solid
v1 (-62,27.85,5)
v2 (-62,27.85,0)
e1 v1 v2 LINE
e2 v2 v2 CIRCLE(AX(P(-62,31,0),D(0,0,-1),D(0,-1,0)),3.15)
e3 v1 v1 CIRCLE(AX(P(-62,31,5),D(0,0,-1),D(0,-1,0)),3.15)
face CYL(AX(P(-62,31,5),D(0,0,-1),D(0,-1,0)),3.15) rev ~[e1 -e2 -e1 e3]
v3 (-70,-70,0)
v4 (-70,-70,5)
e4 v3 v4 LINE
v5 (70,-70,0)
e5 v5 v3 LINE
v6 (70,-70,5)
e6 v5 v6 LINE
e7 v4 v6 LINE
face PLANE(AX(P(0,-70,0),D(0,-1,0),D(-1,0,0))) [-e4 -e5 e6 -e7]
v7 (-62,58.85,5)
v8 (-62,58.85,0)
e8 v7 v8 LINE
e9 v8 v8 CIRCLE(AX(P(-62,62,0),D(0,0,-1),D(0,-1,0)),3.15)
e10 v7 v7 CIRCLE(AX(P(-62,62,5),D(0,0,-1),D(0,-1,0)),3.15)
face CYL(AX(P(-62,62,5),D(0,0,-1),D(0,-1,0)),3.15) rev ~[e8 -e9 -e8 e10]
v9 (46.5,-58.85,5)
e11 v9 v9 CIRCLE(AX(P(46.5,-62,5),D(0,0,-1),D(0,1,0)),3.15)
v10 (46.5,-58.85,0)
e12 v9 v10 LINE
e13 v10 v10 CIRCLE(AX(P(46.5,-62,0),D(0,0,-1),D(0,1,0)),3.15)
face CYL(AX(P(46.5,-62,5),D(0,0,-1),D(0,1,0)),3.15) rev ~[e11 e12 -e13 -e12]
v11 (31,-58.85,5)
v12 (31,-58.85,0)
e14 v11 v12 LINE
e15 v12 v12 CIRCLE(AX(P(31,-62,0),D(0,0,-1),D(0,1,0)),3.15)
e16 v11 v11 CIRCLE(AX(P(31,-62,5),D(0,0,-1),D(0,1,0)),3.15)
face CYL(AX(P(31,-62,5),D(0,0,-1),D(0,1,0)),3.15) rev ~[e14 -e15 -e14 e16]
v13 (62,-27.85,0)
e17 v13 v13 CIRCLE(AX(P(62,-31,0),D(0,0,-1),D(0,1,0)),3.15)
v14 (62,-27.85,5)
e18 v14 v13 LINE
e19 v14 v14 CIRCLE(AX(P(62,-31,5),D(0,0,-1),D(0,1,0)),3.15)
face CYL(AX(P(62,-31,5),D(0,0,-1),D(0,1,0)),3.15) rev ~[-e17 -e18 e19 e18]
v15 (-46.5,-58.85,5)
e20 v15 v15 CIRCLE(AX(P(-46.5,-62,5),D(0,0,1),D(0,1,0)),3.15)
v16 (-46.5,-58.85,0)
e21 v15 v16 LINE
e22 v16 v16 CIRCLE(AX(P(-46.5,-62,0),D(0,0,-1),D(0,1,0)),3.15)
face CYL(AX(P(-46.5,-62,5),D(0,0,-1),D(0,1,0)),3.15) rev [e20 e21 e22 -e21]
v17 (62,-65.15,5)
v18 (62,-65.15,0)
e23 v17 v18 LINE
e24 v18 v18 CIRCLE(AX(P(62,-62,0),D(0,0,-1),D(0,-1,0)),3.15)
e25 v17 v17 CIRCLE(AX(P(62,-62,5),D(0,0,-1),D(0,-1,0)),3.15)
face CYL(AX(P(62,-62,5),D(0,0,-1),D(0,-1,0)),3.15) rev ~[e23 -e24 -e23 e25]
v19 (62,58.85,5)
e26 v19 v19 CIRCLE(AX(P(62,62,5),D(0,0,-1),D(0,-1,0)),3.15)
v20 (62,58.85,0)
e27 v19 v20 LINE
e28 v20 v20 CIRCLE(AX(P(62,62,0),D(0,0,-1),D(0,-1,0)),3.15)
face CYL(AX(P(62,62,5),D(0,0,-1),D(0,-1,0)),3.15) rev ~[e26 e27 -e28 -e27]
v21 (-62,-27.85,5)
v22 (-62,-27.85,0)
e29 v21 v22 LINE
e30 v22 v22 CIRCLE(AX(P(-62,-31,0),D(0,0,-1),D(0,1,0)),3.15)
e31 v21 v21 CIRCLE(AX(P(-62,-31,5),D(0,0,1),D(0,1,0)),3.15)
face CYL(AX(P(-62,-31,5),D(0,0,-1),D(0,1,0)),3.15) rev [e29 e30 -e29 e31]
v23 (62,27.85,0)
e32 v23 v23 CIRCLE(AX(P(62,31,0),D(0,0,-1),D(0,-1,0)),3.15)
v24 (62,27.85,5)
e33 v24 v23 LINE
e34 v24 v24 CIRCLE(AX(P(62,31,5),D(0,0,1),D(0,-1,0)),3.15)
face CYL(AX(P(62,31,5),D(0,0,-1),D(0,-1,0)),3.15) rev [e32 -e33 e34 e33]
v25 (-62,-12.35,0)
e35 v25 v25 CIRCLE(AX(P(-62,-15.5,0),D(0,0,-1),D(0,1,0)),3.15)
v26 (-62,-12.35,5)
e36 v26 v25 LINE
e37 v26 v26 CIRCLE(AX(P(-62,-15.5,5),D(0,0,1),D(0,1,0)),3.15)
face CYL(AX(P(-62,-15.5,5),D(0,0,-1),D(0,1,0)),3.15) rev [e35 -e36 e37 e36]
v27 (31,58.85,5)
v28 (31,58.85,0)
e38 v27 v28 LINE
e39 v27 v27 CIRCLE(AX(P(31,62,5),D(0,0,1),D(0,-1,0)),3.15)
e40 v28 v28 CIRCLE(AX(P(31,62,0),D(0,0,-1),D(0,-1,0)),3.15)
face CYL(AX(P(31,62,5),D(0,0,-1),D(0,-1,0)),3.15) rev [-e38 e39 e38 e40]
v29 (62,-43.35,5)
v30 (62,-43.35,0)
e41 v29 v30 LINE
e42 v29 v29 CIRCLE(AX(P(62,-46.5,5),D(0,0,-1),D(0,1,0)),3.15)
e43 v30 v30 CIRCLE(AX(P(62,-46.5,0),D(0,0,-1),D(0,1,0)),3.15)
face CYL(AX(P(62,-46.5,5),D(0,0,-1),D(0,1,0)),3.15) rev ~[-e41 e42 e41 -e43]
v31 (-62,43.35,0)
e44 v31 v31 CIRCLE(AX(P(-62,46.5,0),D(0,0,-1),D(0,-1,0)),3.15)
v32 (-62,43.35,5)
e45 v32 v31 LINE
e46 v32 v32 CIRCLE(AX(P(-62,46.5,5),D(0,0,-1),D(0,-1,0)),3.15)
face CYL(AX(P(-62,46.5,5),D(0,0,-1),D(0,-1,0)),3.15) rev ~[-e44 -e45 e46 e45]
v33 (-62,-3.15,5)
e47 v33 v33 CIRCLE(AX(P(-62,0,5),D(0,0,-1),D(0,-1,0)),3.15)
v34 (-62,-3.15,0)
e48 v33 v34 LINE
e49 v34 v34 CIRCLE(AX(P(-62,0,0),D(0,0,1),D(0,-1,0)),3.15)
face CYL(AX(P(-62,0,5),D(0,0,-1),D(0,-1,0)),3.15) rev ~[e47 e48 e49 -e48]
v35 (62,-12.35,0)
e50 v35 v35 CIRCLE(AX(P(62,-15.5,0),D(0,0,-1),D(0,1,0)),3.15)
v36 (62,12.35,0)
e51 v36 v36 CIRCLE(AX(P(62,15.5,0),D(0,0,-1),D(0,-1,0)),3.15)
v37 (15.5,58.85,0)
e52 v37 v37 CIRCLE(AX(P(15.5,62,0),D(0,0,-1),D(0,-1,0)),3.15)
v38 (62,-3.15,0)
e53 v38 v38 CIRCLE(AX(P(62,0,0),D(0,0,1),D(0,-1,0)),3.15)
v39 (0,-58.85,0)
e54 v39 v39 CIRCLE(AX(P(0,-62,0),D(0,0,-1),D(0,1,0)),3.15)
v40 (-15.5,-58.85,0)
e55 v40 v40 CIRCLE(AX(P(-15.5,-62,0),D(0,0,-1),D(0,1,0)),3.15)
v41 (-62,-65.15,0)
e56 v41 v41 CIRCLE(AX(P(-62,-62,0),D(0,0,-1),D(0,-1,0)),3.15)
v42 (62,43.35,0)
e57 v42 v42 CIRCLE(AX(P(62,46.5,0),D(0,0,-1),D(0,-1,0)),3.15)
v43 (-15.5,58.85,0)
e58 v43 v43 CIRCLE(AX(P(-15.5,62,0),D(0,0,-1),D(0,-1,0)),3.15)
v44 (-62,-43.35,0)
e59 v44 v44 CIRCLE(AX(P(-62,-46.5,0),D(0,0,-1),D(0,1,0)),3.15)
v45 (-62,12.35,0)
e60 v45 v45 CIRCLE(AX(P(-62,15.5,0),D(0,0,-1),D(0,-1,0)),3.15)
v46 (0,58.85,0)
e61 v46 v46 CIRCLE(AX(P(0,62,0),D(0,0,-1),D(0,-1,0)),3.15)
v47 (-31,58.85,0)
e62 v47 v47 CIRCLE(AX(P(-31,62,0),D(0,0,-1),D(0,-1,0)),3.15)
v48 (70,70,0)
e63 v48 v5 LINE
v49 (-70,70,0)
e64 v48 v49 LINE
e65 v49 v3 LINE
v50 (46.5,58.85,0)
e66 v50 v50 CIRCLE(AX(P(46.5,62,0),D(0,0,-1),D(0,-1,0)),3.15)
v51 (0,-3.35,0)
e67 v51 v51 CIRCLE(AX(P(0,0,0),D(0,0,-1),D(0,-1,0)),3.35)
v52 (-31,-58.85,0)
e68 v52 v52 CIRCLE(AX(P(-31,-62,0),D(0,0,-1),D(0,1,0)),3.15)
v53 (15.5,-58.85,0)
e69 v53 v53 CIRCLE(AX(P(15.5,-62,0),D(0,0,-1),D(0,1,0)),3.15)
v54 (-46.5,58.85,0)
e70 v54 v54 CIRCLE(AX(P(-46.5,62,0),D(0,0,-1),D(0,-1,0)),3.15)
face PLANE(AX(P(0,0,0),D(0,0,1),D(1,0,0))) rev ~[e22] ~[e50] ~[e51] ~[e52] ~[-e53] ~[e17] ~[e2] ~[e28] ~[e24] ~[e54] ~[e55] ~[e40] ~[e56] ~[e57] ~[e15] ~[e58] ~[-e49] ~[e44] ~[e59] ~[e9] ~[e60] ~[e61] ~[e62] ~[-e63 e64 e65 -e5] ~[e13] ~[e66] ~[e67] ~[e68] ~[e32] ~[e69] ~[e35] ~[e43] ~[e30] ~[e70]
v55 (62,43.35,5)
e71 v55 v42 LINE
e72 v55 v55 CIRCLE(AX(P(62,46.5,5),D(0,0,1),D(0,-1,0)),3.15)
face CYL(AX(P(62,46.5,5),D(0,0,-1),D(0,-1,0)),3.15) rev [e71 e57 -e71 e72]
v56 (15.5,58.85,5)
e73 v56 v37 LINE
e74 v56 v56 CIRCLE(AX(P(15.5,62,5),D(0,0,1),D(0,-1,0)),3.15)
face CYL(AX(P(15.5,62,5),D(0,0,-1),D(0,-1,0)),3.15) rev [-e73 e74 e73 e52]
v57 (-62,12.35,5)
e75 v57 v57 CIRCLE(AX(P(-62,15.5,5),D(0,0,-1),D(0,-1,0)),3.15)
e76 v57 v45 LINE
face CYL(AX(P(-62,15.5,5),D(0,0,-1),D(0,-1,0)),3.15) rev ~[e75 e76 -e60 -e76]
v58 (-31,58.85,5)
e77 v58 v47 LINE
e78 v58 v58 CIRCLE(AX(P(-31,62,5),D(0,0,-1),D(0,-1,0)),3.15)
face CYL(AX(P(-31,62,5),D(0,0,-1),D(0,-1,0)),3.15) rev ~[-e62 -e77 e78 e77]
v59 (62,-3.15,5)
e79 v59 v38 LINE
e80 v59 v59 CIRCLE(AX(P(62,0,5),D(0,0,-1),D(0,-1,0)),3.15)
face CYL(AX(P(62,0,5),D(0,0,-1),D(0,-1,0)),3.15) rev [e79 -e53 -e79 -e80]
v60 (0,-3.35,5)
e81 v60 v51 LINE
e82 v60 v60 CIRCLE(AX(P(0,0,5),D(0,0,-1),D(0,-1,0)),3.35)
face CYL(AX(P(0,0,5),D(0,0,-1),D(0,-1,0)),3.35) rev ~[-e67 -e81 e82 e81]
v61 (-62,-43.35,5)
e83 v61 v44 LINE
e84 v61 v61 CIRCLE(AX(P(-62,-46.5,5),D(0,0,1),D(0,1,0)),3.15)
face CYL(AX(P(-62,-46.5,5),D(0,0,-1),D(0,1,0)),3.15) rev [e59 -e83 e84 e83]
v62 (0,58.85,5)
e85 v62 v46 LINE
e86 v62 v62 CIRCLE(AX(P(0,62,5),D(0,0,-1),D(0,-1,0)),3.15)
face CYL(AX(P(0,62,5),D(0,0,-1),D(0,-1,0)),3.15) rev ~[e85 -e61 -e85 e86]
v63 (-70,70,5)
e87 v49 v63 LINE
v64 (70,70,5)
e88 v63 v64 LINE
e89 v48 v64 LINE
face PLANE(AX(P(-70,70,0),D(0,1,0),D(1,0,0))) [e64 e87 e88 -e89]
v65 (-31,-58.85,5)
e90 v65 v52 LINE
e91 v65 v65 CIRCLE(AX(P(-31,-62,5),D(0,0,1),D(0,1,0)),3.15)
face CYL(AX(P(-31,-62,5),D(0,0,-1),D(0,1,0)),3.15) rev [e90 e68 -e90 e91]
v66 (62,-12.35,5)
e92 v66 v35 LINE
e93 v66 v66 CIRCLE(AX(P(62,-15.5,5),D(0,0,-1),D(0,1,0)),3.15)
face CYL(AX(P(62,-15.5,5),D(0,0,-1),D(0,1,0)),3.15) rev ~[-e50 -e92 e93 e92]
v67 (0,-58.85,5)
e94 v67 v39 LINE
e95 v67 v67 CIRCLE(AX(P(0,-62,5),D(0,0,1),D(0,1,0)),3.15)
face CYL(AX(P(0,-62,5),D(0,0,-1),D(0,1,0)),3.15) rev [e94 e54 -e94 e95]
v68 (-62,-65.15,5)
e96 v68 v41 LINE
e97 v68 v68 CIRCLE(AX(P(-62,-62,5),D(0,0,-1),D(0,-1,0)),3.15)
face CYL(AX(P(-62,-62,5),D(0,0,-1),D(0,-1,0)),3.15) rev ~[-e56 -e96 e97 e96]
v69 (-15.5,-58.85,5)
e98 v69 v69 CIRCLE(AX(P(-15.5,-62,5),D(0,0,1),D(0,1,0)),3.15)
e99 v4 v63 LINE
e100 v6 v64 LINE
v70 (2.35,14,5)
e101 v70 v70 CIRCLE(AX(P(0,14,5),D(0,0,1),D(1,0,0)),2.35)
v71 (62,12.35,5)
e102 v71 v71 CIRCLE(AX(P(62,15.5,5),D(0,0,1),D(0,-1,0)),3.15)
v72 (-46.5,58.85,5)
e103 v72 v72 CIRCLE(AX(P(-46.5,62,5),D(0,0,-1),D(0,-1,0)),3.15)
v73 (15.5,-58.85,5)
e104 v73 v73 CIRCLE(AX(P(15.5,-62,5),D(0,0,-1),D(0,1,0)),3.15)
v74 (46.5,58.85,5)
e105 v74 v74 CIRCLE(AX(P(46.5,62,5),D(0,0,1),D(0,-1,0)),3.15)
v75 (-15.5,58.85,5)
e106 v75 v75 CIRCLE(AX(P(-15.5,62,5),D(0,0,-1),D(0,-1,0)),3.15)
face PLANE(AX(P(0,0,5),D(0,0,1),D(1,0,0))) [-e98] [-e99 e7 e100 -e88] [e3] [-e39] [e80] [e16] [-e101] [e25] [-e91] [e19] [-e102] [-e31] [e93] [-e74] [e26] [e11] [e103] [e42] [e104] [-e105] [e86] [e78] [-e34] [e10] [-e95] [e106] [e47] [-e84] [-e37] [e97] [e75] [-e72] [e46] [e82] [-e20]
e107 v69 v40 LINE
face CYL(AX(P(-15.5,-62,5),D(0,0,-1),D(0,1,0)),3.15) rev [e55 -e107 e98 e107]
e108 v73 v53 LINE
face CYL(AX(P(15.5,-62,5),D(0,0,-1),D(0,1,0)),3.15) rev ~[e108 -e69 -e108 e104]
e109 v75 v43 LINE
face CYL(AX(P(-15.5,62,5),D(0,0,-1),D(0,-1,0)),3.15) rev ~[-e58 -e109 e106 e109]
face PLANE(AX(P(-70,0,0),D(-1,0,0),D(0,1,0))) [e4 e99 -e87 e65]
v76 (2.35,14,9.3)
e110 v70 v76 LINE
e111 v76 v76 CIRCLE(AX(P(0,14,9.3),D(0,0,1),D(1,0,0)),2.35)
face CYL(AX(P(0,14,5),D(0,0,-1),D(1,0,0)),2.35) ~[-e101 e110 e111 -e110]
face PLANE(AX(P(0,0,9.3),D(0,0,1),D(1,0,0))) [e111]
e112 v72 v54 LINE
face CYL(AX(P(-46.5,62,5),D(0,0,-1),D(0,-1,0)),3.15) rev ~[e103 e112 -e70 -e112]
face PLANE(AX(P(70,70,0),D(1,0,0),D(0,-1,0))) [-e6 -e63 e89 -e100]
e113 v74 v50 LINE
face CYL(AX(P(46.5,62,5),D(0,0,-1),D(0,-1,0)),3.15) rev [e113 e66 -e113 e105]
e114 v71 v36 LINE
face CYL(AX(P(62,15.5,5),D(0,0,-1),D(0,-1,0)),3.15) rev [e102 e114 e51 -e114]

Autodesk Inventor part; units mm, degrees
sketch "Skizze1" plane through (0, 0, 0) normal (0, 0, 1) x (1, 0, 0)
  line L0 (-70, 70) -> (70, 70)
  line L1 (70, 70) -> (70, -70)
  line L2 (70, -70) -> (-70, -70)
  line L3 (-70, -70) -> (-70, 70)
  line L4 (0, 98) -> (0, -98) projected
  line L5 (-98, 0) -> (98, 0) projected
  point P0 (0, 0)
  dimension "d0" = 70
  dimension "d1" = 140
  dimension "d2" = 140
  dimension "d3" = 70
extrude "Extrusion1" add sketch "Skizze1" along normal blind 5
sketch "Skizze2" plane through (0, 0, 5) normal (0, 0, 1) x (1, 0, 0)
  point P0 (0, 0)
  point P1 (0, 0)
hole "Bohrung1" at (0, 0, 5) direction (0, 0, -1) diameter 6.7 depth 9.5
sketch "Skizze3" plane through (0, 0, 5) normal (0, 0, 1) x (1, 0, 0)
  circle A0 centre (0, 0) radius 3.35 projected
  circle A1 centre (0, 0) radius 3.35 projected
  line L0 (-70, 70) -> (-70, -70) projected
  line L1 (-70, -70) -> (70, -70) projected
  line L2 (70, -70) -> (70, 70) projected
  line L3 (70, 70) -> (-70, 70) projected
  circle A2 centre (0, 14) radius 2.35
  dimension "d13" = 14
  dimension "d14" = 4.7
extrude "Extrusion2" add sketch "Skizze3" along normal blind 4.3 contours A2
sketch "Skizze4" plane through (0, 0, 5) normal (0, 0, 1) x (1, 0, 0)
  circle A0 centre (0, 14) radius 2.35 projected
  circle A1 centre (0, 0) radius 3.35 projected
  line L0 (-70, 70) -> (-70, -70) projected
  line L1 (-70, -70) -> (70, -70) projected
  line L2 (70, -70) -> (70, 70) projected
  line L3 (70, 70) -> (-70, 70) projected
  line L4 (-98, 0) -> (98, 0) projected
  line L5 (0, 98) -> (0, -98) projected
  point P0 (-62, 62)
  point P1 (62, 62)
  point P2 (-62, -62)
  point P3 (62, -62)
  dimension "d17" = 62
  dimension "d18" = 62
  dimension "d21" = 124
  dimension "d24" = 124
hole "Bohrung2" at (-62, 62, 5) at (62, 62, 5) at (-62, -62, 5) at (62, -62, 5) direction (0, 0, -1) diameter 6.3 end through all
sketch "Skizze5" plane through (0, 0, 5) normal (0, 0, 1) x (1, 0, 0)
  circle A0 centre (-62, -62) radius 3.15 projected
  circle A1 centre (-62, 62) radius 3.15 projected
  circle A2 centre (62, 62) radius 3.15 projected
  circle A3 centre (62, -62) radius 3.15 projected
  circle A4 centre (0, 14) radius 2.35 projected
  circle A5 centre (0, 0) radius 3.35 projected
  line L0 (-70, 70) -> (-70, -70) projected
  line L1 (-70, -70) -> (70, -70) projected
  line L2 (70, -70) -> (70, 70) projected
  line L3 (70, 70) -> (-70, 70) projected
  line L4 (0, 98) -> (0, -98) projected
  line L5 (-98, 0) -> (98, 0) projected
  point P0 (-62, 0)
  point P1 (-62, 15.5)
  point P2 (-62, 31)
  point P3 (-62, 46.5)
  point P4 (0, 62)
  point P5 (-15.5, 62)
  point P6 (-31, 62)
  point P7 (-46.5, 62)
  dimension "d35" = 62
  dimension "d36" = 0
  dimension "d37" = 15.5
  dimension "d38" = 15.5
  dimension "d39" = 15.5
  dimension "d40" = 15.5
  dimension "d41" = 31
  dimension "d42" = 46.5
hole "Bohrung3" at (-62, 0, 5) at (-62, 15.5, 5) at (-62, 31, 5) at (-62, 46.5, 5) at (0, 62, 5) at (-15.5, 62, 5) at (-31, 62, 5) at (-46.5, 62, 5) direction (0, 0, -1) diameter 6.3 end through all
mirror "Spiegeln1" about plane through (0, 0, 0) normal (1, 0, 0) of "Bohrung3"
mirror "Spiegeln2" about plane through (0, 0, 0) normal (0, 1, 0) of "Bohrung3", "Spiegeln1"
equation "\"d0\" = 0.5 * d1"
equation "\"d3\" = 0.5 * d2"
properties part number "MessHalterV2"
